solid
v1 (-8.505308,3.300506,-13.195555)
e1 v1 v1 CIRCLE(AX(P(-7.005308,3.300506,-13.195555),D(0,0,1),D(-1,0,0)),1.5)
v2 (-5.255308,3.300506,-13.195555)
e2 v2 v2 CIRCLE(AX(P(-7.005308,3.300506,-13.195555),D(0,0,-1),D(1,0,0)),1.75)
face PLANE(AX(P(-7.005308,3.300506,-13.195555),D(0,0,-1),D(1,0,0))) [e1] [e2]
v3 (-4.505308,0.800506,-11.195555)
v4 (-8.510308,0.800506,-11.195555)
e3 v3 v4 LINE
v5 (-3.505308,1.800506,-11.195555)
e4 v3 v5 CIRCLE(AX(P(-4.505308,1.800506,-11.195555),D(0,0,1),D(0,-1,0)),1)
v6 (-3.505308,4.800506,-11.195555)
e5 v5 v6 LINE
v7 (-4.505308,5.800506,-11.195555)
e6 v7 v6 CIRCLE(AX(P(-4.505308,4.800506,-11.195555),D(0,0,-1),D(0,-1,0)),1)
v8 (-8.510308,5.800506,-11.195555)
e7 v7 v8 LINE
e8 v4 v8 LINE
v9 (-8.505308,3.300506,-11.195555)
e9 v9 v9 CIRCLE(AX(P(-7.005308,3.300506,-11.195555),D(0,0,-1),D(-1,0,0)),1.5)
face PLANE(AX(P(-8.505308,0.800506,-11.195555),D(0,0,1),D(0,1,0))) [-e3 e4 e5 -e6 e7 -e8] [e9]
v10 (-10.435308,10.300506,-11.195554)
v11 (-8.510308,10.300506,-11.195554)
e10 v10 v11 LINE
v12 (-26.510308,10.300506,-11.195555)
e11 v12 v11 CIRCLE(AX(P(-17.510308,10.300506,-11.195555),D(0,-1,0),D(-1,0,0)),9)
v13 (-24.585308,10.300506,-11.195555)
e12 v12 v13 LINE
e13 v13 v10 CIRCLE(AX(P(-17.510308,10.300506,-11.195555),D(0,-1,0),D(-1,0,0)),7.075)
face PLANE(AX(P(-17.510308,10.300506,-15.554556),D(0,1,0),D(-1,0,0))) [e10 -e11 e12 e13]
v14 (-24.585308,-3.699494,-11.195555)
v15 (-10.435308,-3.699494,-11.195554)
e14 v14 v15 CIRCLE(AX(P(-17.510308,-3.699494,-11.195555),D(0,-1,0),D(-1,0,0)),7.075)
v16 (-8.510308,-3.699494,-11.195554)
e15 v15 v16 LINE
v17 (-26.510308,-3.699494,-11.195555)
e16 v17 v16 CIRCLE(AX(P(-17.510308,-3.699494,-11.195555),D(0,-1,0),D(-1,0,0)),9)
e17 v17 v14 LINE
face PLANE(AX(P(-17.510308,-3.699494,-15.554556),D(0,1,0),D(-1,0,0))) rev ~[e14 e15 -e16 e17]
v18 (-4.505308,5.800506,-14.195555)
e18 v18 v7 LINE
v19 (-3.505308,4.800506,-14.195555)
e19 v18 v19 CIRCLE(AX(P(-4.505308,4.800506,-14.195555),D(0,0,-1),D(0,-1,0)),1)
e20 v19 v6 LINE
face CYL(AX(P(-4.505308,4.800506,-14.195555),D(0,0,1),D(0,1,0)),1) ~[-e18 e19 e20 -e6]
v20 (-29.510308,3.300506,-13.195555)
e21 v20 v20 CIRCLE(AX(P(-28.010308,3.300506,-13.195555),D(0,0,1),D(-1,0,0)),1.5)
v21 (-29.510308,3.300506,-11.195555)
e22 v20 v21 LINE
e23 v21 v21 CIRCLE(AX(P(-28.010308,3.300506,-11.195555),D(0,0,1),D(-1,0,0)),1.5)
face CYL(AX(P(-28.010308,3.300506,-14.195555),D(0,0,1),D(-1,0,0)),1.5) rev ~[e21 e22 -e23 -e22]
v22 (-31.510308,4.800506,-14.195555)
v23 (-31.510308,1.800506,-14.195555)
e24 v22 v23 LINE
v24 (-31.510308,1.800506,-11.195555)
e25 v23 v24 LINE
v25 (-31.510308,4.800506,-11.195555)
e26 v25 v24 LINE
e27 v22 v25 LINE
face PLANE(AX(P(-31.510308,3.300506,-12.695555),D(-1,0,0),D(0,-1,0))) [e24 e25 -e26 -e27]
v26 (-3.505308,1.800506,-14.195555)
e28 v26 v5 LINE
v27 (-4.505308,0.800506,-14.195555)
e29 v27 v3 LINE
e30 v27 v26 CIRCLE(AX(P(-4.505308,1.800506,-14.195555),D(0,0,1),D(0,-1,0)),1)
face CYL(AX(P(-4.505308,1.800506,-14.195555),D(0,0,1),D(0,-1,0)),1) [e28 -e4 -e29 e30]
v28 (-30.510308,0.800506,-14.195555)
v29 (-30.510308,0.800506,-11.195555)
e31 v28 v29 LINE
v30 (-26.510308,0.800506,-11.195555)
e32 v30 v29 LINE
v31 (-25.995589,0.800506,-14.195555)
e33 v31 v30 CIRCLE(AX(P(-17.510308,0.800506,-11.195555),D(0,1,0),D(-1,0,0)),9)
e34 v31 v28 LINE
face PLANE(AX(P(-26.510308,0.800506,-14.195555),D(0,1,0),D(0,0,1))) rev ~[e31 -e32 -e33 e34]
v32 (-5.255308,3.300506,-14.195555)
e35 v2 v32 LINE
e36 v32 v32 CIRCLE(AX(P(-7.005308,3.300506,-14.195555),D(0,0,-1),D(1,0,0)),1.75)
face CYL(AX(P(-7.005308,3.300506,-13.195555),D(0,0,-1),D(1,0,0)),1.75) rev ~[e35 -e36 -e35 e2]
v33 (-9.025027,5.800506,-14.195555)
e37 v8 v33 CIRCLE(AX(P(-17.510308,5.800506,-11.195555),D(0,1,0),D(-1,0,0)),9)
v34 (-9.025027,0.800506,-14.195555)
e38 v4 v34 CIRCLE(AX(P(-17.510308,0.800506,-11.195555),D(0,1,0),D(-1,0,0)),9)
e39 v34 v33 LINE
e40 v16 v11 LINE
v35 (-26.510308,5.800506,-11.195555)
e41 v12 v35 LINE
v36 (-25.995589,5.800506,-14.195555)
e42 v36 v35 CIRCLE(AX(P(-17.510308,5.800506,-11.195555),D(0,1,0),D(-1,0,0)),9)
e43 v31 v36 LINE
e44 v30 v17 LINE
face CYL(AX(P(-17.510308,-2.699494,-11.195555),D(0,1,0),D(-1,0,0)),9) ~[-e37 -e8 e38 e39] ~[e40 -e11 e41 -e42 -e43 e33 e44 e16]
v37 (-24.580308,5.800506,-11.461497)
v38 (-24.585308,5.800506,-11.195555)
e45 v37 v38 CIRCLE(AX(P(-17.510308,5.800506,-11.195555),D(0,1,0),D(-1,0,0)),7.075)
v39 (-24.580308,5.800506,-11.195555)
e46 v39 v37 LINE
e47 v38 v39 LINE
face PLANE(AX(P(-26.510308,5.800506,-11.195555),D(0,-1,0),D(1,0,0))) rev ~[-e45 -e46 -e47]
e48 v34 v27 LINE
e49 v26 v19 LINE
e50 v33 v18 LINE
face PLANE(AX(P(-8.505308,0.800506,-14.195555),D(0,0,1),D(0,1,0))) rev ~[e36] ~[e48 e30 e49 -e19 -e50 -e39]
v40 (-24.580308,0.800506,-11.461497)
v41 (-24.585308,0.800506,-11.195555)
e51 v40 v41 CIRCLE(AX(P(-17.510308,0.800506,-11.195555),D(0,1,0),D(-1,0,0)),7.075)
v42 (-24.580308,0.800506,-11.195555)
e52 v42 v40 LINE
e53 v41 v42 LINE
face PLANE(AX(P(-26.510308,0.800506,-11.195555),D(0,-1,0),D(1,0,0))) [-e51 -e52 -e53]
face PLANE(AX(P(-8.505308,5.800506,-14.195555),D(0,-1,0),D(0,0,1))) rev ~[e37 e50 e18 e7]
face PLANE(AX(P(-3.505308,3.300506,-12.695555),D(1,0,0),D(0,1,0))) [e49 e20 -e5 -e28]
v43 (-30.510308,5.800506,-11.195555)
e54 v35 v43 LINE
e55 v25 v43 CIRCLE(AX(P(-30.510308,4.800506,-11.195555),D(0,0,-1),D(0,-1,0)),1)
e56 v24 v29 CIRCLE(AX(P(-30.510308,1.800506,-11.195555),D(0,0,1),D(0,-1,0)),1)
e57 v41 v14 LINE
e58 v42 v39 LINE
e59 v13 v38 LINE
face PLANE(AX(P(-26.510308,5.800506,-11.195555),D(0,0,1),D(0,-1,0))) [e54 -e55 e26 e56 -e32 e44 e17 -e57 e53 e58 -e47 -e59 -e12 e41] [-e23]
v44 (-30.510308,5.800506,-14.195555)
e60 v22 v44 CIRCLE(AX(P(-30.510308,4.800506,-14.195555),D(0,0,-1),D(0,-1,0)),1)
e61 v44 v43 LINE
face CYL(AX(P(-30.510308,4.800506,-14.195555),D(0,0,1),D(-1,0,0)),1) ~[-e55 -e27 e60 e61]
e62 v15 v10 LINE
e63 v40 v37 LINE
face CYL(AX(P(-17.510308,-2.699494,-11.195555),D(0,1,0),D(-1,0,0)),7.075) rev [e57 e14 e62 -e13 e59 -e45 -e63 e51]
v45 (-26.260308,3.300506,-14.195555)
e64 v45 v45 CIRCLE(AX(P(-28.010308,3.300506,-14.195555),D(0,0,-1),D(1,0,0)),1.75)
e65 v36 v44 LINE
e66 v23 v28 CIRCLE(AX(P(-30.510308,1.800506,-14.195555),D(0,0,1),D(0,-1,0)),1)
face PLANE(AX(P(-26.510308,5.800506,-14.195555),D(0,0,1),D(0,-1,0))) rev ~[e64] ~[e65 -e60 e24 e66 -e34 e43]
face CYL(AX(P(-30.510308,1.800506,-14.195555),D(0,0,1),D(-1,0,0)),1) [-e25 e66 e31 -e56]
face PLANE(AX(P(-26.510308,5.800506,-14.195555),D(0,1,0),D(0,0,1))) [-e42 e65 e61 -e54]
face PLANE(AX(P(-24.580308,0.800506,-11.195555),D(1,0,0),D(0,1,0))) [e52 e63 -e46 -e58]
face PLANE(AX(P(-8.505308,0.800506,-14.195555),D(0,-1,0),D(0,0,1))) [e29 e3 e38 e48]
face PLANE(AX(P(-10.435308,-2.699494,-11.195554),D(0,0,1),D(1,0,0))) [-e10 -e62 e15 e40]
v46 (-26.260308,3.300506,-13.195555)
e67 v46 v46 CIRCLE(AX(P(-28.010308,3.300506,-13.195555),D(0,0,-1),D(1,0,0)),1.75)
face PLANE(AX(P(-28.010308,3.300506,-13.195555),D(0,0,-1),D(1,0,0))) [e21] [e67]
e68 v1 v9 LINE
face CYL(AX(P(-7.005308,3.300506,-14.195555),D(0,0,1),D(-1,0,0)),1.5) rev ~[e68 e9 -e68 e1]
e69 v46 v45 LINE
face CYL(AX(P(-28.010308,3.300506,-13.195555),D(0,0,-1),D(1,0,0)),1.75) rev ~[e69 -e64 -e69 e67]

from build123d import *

# Parameters (mm, degrees)
PAD037_DEPTH        = 13
PAD037_DEPTH_BACK   = 1
SKETCH058_W         = 1.93
SKETCH058_H         = 5
PAD038_DEPTH        = 3
SKETCH059_W         = 5
SKETCH059_H         = 3
PAD039_DEPTH        = 5
SKETCH060_W         = 5
SKETCH060_H         = 3
PAD040_DEPTH        = 5
HOLE005_D           = 3
HOLE005_DEPTH       = 3
HOLE005_CBORE_D     = 3.5
HOLE005_CBORE_DEPTH = 1
HOLE005_TIPS_R      = 1.5
FILLET010_R         = 1
FILLET011_R         = 1
FILLET012_R         = 1


with BuildPart() as part:
    # Sketch057 (on Face1 of CopyPad023) → Pad037 (new body, two sides)
    with BuildSketch(Plane(origin=(0, -35.363644, -2), x_dir=(1, 0, 0), z_dir=(0, -1, 0))) as pad037_sk:
        with BuildLine():
            ThreePointArc((-25.035308, -10.895555), (-17.960308, -17.970555), (-10.885308, -10.895554))
            Line((-10.885308, -10.895554), (-8.960308, -10.895554))
            ThreePointArc((-26.960308, -10.895555), (-17.960308, -19.895555), (-8.960308, -10.895554))
            Line((-26.960308, -10.895555), (-25.035308, -10.895555))
        make_face()
    extrude(amount=-PAD037_DEPTH)
    extrude(pad037_sk.sketch, amount=PAD037_DEPTH_BACK)

    # Sketch058 (on Face1 of Pad037) → Pad038 (join)
    with BuildSketch(Plane.XY.offset(-12.895555)):
        with Locations((-25.995308, -29.363644)):
            Rectangle(SKETCH058_W, SKETCH058_H)
        with Locations((-9.920308, -29.363644)):
            Rectangle(SKETCH058_W, SKETCH058_H)
    extrude(amount=-PAD038_DEPTH)

    # Sketch059 (on Face12 of Pad038) → Pad039 (join)
    with BuildSketch(Plane(origin=(-26.960308, 0, -2), x_dir=(0, -1, 0), z_dir=(-1, 0, 0))):
        with Locations((29.363644, -12.395555)):
            Rectangle(SKETCH059_W, SKETCH059_H)
    extrude(amount=PAD039_DEPTH)

    # Sketch060 (on Face13 of Pad039) → Pad040 (join)
    with BuildSketch(Plane(origin=(-8.955308, 0, -2), x_dir=(0, 1, 0), z_dir=(1, 0, 0))):
        with Locations((-29.363644, -12.395555)):
            Rectangle(SKETCH060_W, SKETCH060_H)
    extrude(amount=PAD040_DEPTH)

    # Hole005
    with Locations(Plane(origin=(0, 0, -15.895555), x_dir=(1, 0, 0), z_dir=(0, 0, -1))):
        with Locations((-7.455308, 29.363644), (-28.460308, 29.363644)):
            CounterBoreHole(HOLE005_D / 2, HOLE005_CBORE_D / 2, HOLE005_CBORE_DEPTH, depth=HOLE005_DEPTH)

    # Hole005 tips → Hole005 tip 1 section 0
    with BuildSketch(Plane(origin=(0, 0, -12.895555), x_dir=(1, 0, 0), z_dir=(0, 0, -1)), mode=Mode.PRIVATE) as hole005_tip_1_s0:
        with Locations((-7.455308, 29.363644)):
            Circle(HOLE005_TIPS_R)
    loft([hole005_tip_1_s0.sketch, Vertex(-7.455308, -29.363644, -11.994264)], mode=Mode.SUBTRACT)

    # Hole005 tips → Hole005 tip 2 section 0
    with BuildSketch(Plane(origin=(0, 0, -12.895555), x_dir=(1, 0, 0), z_dir=(0, 0, -1)), mode=Mode.PRIVATE) as hole005_tip_2_s0:
        with Locations((-28.460308, 29.363644)):
            Circle(HOLE005_TIPS_R)
    loft([hole005_tip_2_s0.sketch, Vertex(-28.460308, -29.363644, -11.994264)], mode=Mode.SUBTRACT)

    # Fillet010
    fillet010_edges = [part.edges().sort_by_distance(p)[0] for p in [
        (-31.960308, -31.863644, -14.395555),
    ]]
    fillet(fillet010_edges, radius=FILLET010_R)

    # Fillet011
    fillet011_edges = [part.edges().sort_by_distance(p)[0] for p in [
        (-31.960308, -26.863644, -14.395555),
    ]]
    fillet(fillet011_edges, radius=FILLET011_R)

    # Fillet012
    fillet012_edges = [part.edges().sort_by_distance(p)[0] for p in [
        (-3.955308, -26.863644, -14.395555),
        (-3.955308, -31.863644, -14.395555),
    ]]
    fillet(fillet012_edges, radius=FILLET012_R)


with BuildPart() as part_1:
    # Body007 placement: moved
    add(part.part.moved(Location((0.45, 32.66415, 1.7))))


solid = part_1.part
